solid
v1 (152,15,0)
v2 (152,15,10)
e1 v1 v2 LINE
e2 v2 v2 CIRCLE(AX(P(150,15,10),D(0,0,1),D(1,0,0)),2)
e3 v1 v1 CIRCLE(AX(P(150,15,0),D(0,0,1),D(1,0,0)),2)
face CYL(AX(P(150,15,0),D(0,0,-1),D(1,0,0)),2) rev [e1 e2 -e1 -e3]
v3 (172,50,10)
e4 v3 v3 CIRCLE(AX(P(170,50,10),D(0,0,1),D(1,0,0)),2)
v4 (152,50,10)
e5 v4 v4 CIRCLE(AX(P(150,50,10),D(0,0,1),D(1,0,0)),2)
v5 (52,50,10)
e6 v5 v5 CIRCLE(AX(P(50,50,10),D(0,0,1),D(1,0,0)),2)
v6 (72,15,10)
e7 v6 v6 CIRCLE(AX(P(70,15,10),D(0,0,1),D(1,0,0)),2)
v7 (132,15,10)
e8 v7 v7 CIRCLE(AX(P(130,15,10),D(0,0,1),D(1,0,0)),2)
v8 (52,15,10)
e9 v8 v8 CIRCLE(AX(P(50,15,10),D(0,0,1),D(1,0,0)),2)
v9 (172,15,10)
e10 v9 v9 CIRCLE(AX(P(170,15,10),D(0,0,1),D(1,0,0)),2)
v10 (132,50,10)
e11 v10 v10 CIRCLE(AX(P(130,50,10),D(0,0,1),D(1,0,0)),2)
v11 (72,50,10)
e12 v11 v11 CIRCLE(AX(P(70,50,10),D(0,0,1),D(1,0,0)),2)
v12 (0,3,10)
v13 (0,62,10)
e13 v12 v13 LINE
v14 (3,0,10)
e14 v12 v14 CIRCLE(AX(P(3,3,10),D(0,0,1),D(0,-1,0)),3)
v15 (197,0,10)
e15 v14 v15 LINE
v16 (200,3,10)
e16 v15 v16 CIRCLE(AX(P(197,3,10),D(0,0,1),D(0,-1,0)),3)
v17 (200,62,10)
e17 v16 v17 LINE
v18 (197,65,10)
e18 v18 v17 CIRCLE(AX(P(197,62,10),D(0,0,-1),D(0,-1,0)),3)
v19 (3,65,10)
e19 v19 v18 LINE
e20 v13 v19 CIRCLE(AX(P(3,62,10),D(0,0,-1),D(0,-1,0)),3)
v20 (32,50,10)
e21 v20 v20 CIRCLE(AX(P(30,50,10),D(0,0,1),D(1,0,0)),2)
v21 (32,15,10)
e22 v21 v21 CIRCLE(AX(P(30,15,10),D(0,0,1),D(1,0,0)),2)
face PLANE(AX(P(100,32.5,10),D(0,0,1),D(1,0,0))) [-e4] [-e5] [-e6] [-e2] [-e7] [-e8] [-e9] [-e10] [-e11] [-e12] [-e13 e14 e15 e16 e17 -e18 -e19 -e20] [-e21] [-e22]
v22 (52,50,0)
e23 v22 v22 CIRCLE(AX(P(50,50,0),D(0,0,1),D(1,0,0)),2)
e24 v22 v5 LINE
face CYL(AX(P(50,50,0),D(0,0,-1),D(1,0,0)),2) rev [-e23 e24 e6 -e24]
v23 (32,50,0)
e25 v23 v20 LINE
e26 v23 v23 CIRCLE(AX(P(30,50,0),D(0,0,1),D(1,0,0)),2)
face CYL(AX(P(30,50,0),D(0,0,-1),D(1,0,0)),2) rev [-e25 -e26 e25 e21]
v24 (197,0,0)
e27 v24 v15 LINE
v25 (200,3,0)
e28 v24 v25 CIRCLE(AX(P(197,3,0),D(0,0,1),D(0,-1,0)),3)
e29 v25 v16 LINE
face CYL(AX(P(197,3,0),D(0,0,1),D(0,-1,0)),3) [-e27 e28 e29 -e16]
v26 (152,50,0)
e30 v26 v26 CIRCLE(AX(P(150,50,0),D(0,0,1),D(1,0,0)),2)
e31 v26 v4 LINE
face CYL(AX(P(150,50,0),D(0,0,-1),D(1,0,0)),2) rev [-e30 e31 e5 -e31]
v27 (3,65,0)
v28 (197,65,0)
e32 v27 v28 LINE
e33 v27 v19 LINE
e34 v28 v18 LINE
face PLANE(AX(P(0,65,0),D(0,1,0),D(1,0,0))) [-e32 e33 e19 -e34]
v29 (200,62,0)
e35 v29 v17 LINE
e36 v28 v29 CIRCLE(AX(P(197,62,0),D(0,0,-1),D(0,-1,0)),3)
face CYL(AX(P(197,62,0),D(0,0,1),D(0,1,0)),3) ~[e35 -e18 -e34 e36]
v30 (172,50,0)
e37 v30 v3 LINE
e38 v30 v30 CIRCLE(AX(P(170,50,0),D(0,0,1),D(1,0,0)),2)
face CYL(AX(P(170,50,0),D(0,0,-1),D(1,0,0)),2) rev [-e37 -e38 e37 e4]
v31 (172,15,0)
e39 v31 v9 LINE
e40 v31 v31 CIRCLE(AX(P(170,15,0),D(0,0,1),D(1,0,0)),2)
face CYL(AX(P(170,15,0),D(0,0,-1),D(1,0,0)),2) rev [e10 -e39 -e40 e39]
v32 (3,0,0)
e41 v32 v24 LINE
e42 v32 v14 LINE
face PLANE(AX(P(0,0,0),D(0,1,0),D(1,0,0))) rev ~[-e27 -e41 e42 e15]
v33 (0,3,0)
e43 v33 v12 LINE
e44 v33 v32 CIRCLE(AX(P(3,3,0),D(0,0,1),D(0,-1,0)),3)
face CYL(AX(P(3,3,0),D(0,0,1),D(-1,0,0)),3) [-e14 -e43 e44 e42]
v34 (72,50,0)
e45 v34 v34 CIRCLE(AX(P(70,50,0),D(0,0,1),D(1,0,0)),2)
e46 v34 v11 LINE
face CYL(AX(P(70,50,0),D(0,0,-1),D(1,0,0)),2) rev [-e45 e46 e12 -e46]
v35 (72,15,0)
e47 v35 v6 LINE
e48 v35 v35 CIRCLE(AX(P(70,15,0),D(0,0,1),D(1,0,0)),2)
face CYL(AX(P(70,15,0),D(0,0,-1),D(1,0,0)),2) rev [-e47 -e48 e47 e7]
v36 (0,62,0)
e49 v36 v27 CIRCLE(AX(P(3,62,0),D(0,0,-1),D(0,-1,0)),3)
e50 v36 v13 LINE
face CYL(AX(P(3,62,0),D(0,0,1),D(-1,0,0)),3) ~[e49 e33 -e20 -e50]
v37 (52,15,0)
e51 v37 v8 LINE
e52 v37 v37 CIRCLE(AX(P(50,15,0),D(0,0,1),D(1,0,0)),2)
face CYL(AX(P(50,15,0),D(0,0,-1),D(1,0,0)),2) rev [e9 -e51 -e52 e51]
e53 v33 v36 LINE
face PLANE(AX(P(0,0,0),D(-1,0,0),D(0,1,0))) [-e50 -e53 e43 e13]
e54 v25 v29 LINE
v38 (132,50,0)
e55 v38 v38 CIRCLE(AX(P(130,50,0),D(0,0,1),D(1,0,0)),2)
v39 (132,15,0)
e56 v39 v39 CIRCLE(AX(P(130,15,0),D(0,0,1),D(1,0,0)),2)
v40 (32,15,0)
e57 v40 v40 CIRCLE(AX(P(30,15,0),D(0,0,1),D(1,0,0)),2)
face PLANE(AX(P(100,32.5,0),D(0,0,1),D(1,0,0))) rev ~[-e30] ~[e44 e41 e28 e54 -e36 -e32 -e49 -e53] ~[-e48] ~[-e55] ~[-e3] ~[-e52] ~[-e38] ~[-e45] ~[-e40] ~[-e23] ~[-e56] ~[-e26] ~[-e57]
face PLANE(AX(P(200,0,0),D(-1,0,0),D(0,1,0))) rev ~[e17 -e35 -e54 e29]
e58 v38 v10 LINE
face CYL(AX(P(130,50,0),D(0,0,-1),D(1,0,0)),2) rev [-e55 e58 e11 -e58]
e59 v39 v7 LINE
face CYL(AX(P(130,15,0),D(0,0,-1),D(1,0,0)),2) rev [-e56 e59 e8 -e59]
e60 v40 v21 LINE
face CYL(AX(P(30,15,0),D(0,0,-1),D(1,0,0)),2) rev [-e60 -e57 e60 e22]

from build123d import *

# Parameters (mm, degrees)
SKETCH_W  = 200
SKETCH_H  = 65
SKETCH_R  = 2
PAD_DEPTH = 10
FILLET_R  = 3


with BuildPart() as part:
    # Sketch → Pad (new body)
    with BuildSketch(Plane.XY):
        with Locations((100, 32.5)):
            Rectangle(SKETCH_W, SKETCH_H)
        with Locations((30, 50)):
            Circle(SKETCH_R, mode=Mode.SUBTRACT)
        with Locations((30, 15)):
            Circle(SKETCH_R, mode=Mode.SUBTRACT)
        with Locations((170, 50)):
            Circle(SKETCH_R, mode=Mode.SUBTRACT)
        with Locations((170, 15)):
            Circle(SKETCH_R, mode=Mode.SUBTRACT)
        with Locations((50, 50)):
            Circle(SKETCH_R, mode=Mode.SUBTRACT)
        with Locations((50, 15)):
            Circle(SKETCH_R, mode=Mode.SUBTRACT)
        with Locations((150, 50)):
            Circle(SKETCH_R, mode=Mode.SUBTRACT)
        with Locations((150, 15)):
            Circle(SKETCH_R, mode=Mode.SUBTRACT)
        with Locations((70, 50)):
            Circle(SKETCH_R, mode=Mode.SUBTRACT)
        with Locations((70, 15)):
            Circle(SKETCH_R, mode=Mode.SUBTRACT)
        with Locations((130, 15)):
            Circle(SKETCH_R, mode=Mode.SUBTRACT)
        with Locations((130, 50)):
            Circle(SKETCH_R, mode=Mode.SUBTRACT)
    extrude(amount=PAD_DEPTH)

    # Fillet
    fillet_edges = [part.edges().sort_by_distance(p)[0] for p in [
        (200, 0, 5),
        (0, 0, 5),
        (200, 65, 5),
        (0, 65, 5),
    ]]
    fillet(fillet_edges, radius=FILLET_R)


solid = part.part
